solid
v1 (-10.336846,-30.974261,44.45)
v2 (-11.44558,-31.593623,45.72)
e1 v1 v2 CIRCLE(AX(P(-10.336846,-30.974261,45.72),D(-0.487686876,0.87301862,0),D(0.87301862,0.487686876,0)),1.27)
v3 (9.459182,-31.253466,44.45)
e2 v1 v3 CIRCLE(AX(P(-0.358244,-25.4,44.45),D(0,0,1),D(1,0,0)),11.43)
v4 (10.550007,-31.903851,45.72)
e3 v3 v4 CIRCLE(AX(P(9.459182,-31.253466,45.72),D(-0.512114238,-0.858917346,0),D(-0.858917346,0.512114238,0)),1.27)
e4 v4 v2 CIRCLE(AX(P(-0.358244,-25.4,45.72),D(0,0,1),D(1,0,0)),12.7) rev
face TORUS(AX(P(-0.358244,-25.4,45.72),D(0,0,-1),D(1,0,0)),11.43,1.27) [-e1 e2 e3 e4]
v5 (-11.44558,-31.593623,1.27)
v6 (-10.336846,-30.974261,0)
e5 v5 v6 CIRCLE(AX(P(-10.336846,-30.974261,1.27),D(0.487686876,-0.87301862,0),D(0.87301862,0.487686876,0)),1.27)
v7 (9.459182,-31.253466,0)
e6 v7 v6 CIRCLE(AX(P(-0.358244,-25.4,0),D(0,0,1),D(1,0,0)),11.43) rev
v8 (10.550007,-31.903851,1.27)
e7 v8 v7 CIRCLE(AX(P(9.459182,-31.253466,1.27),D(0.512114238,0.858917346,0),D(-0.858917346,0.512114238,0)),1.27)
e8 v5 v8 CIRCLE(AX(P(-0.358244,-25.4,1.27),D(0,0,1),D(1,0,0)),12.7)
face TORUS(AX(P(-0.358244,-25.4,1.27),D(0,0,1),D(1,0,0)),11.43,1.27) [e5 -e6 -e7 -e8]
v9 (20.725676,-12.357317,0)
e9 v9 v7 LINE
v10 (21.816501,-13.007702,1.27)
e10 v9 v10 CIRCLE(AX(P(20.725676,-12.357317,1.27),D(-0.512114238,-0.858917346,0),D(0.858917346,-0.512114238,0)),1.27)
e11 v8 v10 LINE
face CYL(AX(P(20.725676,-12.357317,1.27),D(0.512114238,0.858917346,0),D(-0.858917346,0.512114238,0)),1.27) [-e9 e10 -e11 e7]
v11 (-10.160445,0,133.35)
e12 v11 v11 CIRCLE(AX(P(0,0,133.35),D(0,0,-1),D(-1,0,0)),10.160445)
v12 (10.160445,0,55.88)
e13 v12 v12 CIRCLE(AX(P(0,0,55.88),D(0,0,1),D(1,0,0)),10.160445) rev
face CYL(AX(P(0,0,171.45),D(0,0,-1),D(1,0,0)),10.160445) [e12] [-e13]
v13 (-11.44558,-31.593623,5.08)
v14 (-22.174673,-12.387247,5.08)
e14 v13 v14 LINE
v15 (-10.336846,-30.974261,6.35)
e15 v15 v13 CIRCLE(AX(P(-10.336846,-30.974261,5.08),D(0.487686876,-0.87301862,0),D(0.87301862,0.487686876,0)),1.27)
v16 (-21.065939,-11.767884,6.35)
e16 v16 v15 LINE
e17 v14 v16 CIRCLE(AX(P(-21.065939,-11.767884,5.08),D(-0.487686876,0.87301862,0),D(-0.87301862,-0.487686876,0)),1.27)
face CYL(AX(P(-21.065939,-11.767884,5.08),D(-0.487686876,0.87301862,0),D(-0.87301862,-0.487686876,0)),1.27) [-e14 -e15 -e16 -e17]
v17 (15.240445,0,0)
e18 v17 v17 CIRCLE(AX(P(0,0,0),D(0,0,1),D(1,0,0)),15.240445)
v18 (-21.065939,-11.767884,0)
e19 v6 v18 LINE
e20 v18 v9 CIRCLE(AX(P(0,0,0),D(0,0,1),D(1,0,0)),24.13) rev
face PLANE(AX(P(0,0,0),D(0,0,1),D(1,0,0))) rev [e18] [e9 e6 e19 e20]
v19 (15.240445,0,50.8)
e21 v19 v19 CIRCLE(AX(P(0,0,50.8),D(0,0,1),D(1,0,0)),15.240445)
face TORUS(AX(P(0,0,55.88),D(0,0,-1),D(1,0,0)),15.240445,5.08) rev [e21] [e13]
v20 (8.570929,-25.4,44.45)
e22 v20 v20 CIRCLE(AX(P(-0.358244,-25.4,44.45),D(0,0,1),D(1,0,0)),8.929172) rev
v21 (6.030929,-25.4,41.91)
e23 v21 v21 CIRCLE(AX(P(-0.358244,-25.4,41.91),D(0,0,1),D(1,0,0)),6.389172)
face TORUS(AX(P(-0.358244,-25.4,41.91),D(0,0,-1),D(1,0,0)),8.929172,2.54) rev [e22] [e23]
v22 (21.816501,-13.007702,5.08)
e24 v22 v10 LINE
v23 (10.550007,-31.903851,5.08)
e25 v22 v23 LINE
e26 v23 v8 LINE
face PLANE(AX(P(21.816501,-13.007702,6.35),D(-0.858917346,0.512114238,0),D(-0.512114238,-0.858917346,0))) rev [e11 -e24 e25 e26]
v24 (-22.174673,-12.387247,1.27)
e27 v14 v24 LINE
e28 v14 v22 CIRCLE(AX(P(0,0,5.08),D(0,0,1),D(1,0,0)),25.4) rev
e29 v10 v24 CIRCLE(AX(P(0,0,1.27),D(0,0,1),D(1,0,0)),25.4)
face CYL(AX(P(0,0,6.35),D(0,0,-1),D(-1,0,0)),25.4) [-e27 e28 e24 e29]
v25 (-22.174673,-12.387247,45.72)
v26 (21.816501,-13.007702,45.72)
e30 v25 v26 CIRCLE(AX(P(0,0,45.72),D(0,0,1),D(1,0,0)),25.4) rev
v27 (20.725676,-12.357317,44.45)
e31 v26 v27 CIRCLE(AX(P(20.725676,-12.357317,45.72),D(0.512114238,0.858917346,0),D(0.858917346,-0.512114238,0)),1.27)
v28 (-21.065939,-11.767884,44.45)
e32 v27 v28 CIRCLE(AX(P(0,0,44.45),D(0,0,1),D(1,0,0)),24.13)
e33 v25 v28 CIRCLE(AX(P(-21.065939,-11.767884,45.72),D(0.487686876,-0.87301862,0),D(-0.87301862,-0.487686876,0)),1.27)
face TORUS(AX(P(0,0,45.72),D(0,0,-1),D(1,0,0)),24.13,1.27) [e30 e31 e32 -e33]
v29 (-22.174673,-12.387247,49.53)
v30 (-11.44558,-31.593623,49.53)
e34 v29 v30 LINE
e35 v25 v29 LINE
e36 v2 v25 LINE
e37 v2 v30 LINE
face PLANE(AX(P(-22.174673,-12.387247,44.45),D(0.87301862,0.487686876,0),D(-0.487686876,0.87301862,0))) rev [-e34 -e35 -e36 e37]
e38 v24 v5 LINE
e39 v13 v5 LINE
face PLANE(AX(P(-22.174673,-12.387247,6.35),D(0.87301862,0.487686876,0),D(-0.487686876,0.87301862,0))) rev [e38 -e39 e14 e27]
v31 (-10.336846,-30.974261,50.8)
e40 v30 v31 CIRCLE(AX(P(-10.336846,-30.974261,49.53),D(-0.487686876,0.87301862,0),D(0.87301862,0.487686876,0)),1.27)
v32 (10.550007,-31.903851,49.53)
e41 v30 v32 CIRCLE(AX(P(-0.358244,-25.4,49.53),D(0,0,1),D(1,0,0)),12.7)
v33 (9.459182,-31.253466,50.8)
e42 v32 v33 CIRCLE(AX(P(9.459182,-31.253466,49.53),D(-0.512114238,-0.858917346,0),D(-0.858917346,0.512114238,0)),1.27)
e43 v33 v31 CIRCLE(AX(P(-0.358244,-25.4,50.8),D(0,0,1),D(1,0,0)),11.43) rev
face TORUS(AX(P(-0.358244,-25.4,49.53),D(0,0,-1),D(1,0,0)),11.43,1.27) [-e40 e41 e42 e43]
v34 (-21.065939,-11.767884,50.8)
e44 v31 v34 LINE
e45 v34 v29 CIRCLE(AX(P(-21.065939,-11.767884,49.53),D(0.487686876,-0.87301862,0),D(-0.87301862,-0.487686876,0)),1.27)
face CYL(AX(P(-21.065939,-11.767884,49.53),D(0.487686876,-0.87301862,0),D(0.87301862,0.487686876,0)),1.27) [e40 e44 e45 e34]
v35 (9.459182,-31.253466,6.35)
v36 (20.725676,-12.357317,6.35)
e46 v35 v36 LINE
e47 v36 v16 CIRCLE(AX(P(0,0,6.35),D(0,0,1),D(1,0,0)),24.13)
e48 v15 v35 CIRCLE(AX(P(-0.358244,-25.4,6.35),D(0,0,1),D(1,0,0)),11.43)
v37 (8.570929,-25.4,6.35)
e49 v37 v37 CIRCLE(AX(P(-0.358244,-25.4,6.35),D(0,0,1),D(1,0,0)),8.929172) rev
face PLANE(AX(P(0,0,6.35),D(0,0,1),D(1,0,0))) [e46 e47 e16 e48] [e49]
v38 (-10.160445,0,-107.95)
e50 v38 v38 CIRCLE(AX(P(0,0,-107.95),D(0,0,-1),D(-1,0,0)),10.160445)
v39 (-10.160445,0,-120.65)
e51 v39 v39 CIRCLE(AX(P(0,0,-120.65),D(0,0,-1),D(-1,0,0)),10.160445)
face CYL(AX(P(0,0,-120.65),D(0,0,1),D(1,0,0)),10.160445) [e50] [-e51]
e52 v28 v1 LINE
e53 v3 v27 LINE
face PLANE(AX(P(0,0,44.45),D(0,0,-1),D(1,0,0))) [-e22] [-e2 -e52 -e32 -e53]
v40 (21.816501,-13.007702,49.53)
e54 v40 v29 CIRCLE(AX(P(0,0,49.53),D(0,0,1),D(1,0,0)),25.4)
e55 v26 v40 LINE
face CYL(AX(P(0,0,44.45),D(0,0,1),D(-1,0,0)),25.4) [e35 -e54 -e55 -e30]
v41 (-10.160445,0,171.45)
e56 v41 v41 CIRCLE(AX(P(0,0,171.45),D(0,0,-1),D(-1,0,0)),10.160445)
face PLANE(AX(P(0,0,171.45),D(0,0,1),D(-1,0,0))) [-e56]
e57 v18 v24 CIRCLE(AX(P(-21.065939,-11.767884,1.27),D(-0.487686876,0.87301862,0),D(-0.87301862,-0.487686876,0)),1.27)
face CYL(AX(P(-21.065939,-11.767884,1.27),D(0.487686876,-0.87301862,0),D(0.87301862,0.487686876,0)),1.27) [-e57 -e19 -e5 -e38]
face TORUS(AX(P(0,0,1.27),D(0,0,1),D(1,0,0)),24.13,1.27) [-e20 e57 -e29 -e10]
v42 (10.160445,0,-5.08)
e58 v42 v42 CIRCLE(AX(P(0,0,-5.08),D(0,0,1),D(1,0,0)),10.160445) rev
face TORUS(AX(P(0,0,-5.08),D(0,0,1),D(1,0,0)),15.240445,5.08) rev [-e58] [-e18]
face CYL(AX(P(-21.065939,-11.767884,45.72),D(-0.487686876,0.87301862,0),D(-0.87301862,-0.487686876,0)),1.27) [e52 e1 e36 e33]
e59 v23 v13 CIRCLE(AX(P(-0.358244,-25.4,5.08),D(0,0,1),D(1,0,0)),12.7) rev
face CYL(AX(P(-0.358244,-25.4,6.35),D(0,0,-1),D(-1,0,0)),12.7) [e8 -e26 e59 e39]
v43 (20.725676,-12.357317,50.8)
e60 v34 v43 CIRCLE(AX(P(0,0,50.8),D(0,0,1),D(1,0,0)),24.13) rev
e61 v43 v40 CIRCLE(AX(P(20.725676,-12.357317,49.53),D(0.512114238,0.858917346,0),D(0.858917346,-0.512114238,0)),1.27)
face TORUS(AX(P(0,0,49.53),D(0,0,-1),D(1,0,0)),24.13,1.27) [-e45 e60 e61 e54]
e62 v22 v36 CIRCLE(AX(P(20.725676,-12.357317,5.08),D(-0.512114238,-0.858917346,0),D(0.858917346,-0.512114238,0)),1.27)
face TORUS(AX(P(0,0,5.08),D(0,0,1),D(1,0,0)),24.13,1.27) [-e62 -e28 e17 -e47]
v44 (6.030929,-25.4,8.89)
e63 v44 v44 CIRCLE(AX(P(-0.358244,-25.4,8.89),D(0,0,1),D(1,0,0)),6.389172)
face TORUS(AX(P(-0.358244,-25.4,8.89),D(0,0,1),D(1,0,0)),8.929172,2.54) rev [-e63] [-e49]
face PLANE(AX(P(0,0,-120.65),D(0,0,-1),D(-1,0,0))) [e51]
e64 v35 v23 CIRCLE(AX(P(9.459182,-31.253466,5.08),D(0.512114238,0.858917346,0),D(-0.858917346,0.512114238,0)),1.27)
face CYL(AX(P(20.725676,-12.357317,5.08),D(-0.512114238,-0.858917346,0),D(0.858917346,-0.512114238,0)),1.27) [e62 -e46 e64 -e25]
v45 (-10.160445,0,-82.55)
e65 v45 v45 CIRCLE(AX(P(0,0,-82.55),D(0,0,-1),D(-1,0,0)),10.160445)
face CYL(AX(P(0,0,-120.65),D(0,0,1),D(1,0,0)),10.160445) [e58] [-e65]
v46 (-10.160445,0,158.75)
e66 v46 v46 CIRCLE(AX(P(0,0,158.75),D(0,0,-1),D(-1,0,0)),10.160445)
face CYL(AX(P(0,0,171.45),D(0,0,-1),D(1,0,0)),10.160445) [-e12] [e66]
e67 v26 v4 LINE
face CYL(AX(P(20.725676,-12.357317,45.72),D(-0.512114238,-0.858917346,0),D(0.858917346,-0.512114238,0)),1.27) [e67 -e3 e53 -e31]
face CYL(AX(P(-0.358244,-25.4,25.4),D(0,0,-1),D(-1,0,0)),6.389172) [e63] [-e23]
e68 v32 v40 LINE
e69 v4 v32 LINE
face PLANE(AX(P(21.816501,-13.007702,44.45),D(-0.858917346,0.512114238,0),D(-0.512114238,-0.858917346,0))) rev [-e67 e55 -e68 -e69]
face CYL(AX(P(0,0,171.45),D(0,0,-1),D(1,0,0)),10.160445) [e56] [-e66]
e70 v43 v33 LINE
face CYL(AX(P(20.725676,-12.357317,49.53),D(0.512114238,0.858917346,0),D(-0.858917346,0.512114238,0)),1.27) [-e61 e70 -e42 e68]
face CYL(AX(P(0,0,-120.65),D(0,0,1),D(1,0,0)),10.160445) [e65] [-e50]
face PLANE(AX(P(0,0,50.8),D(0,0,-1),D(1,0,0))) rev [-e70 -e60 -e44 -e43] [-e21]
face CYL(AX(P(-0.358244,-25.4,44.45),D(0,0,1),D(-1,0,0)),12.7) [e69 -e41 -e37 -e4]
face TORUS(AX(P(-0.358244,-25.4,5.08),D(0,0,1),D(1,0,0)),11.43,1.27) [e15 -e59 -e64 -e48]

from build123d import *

# Parameters (mm, degrees)
EXTRUDE1_DEPTH = 6.35
SKETCH2_R      = 10.160444755
EXTRUDE2_DEPTH = 120.65
SKETCH3_R      = 6.389172444
EXTRUDE4_DEPTH = 19.05
FILLET1_R      = 2.54
FILLET2_R      = 5.08
FILLET3_R      = 1.27


with BuildPart() as part:
    # Sketch1 → Extrude1 (new body)
    with BuildSketch(Plane.XY):
        with BuildLine():
            Line((-22.174672946, -12.387246657), (-11.445580084, -31.593623329))
            ThreePointArc((-11.445580084, -31.593623329), (-0.537347603, -38.098737014), (10.550006681, -31.903850826))
            Line((10.550006681, -31.903850826), (21.816500584, -13.007701651))
            ThreePointArc((21.816500584, -13.007701651), (0.358207984, 25.397474029), (-22.174672946, -12.387246657))
        make_face()
    extrude(amount=EXTRUDE1_DEPTH)

    # Sketch2 → Extrude2 (add)
    with BuildSketch(Plane(origin=(0, 0, 0), x_dir=(-1, 0, 0), z_dir=(0, 0, -1))):
        Circle(SKETCH2_R)
    extrude(amount=EXTRUDE2_DEPTH)

    # Sketch3 → Extrude4 (add)
    with BuildSketch(Plane.XY.offset(6.35)):
        with Locations((-0.358243611, -25.4)):
            Circle(SKETCH3_R)
    extrude(amount=EXTRUDE4_DEPTH)

    # Fillet1
    fillet1_edges = [part.edges().sort_by_distance(p)[0] for p in [
        (-6.747416055, -25.4, 6.35),
    ]]
    fillet(fillet1_edges, radius=FILLET1_R)

    # Fillet2
    fillet2_edges = [part.edges().sort_by_distance(p)[0] for p in [
        (10.160444755, 0, 0),
    ]]
    fillet(fillet2_edges, radius=FILLET2_R)

    # Fillet3
    fillet3_edges = [part.edges().sort_by_distance(p)[0] for p in [
        (-0.537347603, -38.098737014, 6.35),
        (16.183253633, -22.455776239, 6.35),
        (0.358207984, 25.397474029, 6.35),
        (16.183253633, -22.455776239, 0),
        (-0.537347603, -38.098737014, 0),
        (-16.810126515, -21.990434993, 0),
        (0.358207984, 25.397474029, 0),
        (-16.810126515, -21.990434993, 6.35),
    ]]
    fillet(fillet3_edges, radius=FILLET3_R)

    # Mirror2: part across plane


with BuildPart() as part_1:
    add(part.part)
    add(part.part.mirror(Plane(origin=(-0.358243611, -25.4, 25.4), x_dir=(1, 0, 0), z_dir=(0, 0, 1))))


solid = part_1.part
